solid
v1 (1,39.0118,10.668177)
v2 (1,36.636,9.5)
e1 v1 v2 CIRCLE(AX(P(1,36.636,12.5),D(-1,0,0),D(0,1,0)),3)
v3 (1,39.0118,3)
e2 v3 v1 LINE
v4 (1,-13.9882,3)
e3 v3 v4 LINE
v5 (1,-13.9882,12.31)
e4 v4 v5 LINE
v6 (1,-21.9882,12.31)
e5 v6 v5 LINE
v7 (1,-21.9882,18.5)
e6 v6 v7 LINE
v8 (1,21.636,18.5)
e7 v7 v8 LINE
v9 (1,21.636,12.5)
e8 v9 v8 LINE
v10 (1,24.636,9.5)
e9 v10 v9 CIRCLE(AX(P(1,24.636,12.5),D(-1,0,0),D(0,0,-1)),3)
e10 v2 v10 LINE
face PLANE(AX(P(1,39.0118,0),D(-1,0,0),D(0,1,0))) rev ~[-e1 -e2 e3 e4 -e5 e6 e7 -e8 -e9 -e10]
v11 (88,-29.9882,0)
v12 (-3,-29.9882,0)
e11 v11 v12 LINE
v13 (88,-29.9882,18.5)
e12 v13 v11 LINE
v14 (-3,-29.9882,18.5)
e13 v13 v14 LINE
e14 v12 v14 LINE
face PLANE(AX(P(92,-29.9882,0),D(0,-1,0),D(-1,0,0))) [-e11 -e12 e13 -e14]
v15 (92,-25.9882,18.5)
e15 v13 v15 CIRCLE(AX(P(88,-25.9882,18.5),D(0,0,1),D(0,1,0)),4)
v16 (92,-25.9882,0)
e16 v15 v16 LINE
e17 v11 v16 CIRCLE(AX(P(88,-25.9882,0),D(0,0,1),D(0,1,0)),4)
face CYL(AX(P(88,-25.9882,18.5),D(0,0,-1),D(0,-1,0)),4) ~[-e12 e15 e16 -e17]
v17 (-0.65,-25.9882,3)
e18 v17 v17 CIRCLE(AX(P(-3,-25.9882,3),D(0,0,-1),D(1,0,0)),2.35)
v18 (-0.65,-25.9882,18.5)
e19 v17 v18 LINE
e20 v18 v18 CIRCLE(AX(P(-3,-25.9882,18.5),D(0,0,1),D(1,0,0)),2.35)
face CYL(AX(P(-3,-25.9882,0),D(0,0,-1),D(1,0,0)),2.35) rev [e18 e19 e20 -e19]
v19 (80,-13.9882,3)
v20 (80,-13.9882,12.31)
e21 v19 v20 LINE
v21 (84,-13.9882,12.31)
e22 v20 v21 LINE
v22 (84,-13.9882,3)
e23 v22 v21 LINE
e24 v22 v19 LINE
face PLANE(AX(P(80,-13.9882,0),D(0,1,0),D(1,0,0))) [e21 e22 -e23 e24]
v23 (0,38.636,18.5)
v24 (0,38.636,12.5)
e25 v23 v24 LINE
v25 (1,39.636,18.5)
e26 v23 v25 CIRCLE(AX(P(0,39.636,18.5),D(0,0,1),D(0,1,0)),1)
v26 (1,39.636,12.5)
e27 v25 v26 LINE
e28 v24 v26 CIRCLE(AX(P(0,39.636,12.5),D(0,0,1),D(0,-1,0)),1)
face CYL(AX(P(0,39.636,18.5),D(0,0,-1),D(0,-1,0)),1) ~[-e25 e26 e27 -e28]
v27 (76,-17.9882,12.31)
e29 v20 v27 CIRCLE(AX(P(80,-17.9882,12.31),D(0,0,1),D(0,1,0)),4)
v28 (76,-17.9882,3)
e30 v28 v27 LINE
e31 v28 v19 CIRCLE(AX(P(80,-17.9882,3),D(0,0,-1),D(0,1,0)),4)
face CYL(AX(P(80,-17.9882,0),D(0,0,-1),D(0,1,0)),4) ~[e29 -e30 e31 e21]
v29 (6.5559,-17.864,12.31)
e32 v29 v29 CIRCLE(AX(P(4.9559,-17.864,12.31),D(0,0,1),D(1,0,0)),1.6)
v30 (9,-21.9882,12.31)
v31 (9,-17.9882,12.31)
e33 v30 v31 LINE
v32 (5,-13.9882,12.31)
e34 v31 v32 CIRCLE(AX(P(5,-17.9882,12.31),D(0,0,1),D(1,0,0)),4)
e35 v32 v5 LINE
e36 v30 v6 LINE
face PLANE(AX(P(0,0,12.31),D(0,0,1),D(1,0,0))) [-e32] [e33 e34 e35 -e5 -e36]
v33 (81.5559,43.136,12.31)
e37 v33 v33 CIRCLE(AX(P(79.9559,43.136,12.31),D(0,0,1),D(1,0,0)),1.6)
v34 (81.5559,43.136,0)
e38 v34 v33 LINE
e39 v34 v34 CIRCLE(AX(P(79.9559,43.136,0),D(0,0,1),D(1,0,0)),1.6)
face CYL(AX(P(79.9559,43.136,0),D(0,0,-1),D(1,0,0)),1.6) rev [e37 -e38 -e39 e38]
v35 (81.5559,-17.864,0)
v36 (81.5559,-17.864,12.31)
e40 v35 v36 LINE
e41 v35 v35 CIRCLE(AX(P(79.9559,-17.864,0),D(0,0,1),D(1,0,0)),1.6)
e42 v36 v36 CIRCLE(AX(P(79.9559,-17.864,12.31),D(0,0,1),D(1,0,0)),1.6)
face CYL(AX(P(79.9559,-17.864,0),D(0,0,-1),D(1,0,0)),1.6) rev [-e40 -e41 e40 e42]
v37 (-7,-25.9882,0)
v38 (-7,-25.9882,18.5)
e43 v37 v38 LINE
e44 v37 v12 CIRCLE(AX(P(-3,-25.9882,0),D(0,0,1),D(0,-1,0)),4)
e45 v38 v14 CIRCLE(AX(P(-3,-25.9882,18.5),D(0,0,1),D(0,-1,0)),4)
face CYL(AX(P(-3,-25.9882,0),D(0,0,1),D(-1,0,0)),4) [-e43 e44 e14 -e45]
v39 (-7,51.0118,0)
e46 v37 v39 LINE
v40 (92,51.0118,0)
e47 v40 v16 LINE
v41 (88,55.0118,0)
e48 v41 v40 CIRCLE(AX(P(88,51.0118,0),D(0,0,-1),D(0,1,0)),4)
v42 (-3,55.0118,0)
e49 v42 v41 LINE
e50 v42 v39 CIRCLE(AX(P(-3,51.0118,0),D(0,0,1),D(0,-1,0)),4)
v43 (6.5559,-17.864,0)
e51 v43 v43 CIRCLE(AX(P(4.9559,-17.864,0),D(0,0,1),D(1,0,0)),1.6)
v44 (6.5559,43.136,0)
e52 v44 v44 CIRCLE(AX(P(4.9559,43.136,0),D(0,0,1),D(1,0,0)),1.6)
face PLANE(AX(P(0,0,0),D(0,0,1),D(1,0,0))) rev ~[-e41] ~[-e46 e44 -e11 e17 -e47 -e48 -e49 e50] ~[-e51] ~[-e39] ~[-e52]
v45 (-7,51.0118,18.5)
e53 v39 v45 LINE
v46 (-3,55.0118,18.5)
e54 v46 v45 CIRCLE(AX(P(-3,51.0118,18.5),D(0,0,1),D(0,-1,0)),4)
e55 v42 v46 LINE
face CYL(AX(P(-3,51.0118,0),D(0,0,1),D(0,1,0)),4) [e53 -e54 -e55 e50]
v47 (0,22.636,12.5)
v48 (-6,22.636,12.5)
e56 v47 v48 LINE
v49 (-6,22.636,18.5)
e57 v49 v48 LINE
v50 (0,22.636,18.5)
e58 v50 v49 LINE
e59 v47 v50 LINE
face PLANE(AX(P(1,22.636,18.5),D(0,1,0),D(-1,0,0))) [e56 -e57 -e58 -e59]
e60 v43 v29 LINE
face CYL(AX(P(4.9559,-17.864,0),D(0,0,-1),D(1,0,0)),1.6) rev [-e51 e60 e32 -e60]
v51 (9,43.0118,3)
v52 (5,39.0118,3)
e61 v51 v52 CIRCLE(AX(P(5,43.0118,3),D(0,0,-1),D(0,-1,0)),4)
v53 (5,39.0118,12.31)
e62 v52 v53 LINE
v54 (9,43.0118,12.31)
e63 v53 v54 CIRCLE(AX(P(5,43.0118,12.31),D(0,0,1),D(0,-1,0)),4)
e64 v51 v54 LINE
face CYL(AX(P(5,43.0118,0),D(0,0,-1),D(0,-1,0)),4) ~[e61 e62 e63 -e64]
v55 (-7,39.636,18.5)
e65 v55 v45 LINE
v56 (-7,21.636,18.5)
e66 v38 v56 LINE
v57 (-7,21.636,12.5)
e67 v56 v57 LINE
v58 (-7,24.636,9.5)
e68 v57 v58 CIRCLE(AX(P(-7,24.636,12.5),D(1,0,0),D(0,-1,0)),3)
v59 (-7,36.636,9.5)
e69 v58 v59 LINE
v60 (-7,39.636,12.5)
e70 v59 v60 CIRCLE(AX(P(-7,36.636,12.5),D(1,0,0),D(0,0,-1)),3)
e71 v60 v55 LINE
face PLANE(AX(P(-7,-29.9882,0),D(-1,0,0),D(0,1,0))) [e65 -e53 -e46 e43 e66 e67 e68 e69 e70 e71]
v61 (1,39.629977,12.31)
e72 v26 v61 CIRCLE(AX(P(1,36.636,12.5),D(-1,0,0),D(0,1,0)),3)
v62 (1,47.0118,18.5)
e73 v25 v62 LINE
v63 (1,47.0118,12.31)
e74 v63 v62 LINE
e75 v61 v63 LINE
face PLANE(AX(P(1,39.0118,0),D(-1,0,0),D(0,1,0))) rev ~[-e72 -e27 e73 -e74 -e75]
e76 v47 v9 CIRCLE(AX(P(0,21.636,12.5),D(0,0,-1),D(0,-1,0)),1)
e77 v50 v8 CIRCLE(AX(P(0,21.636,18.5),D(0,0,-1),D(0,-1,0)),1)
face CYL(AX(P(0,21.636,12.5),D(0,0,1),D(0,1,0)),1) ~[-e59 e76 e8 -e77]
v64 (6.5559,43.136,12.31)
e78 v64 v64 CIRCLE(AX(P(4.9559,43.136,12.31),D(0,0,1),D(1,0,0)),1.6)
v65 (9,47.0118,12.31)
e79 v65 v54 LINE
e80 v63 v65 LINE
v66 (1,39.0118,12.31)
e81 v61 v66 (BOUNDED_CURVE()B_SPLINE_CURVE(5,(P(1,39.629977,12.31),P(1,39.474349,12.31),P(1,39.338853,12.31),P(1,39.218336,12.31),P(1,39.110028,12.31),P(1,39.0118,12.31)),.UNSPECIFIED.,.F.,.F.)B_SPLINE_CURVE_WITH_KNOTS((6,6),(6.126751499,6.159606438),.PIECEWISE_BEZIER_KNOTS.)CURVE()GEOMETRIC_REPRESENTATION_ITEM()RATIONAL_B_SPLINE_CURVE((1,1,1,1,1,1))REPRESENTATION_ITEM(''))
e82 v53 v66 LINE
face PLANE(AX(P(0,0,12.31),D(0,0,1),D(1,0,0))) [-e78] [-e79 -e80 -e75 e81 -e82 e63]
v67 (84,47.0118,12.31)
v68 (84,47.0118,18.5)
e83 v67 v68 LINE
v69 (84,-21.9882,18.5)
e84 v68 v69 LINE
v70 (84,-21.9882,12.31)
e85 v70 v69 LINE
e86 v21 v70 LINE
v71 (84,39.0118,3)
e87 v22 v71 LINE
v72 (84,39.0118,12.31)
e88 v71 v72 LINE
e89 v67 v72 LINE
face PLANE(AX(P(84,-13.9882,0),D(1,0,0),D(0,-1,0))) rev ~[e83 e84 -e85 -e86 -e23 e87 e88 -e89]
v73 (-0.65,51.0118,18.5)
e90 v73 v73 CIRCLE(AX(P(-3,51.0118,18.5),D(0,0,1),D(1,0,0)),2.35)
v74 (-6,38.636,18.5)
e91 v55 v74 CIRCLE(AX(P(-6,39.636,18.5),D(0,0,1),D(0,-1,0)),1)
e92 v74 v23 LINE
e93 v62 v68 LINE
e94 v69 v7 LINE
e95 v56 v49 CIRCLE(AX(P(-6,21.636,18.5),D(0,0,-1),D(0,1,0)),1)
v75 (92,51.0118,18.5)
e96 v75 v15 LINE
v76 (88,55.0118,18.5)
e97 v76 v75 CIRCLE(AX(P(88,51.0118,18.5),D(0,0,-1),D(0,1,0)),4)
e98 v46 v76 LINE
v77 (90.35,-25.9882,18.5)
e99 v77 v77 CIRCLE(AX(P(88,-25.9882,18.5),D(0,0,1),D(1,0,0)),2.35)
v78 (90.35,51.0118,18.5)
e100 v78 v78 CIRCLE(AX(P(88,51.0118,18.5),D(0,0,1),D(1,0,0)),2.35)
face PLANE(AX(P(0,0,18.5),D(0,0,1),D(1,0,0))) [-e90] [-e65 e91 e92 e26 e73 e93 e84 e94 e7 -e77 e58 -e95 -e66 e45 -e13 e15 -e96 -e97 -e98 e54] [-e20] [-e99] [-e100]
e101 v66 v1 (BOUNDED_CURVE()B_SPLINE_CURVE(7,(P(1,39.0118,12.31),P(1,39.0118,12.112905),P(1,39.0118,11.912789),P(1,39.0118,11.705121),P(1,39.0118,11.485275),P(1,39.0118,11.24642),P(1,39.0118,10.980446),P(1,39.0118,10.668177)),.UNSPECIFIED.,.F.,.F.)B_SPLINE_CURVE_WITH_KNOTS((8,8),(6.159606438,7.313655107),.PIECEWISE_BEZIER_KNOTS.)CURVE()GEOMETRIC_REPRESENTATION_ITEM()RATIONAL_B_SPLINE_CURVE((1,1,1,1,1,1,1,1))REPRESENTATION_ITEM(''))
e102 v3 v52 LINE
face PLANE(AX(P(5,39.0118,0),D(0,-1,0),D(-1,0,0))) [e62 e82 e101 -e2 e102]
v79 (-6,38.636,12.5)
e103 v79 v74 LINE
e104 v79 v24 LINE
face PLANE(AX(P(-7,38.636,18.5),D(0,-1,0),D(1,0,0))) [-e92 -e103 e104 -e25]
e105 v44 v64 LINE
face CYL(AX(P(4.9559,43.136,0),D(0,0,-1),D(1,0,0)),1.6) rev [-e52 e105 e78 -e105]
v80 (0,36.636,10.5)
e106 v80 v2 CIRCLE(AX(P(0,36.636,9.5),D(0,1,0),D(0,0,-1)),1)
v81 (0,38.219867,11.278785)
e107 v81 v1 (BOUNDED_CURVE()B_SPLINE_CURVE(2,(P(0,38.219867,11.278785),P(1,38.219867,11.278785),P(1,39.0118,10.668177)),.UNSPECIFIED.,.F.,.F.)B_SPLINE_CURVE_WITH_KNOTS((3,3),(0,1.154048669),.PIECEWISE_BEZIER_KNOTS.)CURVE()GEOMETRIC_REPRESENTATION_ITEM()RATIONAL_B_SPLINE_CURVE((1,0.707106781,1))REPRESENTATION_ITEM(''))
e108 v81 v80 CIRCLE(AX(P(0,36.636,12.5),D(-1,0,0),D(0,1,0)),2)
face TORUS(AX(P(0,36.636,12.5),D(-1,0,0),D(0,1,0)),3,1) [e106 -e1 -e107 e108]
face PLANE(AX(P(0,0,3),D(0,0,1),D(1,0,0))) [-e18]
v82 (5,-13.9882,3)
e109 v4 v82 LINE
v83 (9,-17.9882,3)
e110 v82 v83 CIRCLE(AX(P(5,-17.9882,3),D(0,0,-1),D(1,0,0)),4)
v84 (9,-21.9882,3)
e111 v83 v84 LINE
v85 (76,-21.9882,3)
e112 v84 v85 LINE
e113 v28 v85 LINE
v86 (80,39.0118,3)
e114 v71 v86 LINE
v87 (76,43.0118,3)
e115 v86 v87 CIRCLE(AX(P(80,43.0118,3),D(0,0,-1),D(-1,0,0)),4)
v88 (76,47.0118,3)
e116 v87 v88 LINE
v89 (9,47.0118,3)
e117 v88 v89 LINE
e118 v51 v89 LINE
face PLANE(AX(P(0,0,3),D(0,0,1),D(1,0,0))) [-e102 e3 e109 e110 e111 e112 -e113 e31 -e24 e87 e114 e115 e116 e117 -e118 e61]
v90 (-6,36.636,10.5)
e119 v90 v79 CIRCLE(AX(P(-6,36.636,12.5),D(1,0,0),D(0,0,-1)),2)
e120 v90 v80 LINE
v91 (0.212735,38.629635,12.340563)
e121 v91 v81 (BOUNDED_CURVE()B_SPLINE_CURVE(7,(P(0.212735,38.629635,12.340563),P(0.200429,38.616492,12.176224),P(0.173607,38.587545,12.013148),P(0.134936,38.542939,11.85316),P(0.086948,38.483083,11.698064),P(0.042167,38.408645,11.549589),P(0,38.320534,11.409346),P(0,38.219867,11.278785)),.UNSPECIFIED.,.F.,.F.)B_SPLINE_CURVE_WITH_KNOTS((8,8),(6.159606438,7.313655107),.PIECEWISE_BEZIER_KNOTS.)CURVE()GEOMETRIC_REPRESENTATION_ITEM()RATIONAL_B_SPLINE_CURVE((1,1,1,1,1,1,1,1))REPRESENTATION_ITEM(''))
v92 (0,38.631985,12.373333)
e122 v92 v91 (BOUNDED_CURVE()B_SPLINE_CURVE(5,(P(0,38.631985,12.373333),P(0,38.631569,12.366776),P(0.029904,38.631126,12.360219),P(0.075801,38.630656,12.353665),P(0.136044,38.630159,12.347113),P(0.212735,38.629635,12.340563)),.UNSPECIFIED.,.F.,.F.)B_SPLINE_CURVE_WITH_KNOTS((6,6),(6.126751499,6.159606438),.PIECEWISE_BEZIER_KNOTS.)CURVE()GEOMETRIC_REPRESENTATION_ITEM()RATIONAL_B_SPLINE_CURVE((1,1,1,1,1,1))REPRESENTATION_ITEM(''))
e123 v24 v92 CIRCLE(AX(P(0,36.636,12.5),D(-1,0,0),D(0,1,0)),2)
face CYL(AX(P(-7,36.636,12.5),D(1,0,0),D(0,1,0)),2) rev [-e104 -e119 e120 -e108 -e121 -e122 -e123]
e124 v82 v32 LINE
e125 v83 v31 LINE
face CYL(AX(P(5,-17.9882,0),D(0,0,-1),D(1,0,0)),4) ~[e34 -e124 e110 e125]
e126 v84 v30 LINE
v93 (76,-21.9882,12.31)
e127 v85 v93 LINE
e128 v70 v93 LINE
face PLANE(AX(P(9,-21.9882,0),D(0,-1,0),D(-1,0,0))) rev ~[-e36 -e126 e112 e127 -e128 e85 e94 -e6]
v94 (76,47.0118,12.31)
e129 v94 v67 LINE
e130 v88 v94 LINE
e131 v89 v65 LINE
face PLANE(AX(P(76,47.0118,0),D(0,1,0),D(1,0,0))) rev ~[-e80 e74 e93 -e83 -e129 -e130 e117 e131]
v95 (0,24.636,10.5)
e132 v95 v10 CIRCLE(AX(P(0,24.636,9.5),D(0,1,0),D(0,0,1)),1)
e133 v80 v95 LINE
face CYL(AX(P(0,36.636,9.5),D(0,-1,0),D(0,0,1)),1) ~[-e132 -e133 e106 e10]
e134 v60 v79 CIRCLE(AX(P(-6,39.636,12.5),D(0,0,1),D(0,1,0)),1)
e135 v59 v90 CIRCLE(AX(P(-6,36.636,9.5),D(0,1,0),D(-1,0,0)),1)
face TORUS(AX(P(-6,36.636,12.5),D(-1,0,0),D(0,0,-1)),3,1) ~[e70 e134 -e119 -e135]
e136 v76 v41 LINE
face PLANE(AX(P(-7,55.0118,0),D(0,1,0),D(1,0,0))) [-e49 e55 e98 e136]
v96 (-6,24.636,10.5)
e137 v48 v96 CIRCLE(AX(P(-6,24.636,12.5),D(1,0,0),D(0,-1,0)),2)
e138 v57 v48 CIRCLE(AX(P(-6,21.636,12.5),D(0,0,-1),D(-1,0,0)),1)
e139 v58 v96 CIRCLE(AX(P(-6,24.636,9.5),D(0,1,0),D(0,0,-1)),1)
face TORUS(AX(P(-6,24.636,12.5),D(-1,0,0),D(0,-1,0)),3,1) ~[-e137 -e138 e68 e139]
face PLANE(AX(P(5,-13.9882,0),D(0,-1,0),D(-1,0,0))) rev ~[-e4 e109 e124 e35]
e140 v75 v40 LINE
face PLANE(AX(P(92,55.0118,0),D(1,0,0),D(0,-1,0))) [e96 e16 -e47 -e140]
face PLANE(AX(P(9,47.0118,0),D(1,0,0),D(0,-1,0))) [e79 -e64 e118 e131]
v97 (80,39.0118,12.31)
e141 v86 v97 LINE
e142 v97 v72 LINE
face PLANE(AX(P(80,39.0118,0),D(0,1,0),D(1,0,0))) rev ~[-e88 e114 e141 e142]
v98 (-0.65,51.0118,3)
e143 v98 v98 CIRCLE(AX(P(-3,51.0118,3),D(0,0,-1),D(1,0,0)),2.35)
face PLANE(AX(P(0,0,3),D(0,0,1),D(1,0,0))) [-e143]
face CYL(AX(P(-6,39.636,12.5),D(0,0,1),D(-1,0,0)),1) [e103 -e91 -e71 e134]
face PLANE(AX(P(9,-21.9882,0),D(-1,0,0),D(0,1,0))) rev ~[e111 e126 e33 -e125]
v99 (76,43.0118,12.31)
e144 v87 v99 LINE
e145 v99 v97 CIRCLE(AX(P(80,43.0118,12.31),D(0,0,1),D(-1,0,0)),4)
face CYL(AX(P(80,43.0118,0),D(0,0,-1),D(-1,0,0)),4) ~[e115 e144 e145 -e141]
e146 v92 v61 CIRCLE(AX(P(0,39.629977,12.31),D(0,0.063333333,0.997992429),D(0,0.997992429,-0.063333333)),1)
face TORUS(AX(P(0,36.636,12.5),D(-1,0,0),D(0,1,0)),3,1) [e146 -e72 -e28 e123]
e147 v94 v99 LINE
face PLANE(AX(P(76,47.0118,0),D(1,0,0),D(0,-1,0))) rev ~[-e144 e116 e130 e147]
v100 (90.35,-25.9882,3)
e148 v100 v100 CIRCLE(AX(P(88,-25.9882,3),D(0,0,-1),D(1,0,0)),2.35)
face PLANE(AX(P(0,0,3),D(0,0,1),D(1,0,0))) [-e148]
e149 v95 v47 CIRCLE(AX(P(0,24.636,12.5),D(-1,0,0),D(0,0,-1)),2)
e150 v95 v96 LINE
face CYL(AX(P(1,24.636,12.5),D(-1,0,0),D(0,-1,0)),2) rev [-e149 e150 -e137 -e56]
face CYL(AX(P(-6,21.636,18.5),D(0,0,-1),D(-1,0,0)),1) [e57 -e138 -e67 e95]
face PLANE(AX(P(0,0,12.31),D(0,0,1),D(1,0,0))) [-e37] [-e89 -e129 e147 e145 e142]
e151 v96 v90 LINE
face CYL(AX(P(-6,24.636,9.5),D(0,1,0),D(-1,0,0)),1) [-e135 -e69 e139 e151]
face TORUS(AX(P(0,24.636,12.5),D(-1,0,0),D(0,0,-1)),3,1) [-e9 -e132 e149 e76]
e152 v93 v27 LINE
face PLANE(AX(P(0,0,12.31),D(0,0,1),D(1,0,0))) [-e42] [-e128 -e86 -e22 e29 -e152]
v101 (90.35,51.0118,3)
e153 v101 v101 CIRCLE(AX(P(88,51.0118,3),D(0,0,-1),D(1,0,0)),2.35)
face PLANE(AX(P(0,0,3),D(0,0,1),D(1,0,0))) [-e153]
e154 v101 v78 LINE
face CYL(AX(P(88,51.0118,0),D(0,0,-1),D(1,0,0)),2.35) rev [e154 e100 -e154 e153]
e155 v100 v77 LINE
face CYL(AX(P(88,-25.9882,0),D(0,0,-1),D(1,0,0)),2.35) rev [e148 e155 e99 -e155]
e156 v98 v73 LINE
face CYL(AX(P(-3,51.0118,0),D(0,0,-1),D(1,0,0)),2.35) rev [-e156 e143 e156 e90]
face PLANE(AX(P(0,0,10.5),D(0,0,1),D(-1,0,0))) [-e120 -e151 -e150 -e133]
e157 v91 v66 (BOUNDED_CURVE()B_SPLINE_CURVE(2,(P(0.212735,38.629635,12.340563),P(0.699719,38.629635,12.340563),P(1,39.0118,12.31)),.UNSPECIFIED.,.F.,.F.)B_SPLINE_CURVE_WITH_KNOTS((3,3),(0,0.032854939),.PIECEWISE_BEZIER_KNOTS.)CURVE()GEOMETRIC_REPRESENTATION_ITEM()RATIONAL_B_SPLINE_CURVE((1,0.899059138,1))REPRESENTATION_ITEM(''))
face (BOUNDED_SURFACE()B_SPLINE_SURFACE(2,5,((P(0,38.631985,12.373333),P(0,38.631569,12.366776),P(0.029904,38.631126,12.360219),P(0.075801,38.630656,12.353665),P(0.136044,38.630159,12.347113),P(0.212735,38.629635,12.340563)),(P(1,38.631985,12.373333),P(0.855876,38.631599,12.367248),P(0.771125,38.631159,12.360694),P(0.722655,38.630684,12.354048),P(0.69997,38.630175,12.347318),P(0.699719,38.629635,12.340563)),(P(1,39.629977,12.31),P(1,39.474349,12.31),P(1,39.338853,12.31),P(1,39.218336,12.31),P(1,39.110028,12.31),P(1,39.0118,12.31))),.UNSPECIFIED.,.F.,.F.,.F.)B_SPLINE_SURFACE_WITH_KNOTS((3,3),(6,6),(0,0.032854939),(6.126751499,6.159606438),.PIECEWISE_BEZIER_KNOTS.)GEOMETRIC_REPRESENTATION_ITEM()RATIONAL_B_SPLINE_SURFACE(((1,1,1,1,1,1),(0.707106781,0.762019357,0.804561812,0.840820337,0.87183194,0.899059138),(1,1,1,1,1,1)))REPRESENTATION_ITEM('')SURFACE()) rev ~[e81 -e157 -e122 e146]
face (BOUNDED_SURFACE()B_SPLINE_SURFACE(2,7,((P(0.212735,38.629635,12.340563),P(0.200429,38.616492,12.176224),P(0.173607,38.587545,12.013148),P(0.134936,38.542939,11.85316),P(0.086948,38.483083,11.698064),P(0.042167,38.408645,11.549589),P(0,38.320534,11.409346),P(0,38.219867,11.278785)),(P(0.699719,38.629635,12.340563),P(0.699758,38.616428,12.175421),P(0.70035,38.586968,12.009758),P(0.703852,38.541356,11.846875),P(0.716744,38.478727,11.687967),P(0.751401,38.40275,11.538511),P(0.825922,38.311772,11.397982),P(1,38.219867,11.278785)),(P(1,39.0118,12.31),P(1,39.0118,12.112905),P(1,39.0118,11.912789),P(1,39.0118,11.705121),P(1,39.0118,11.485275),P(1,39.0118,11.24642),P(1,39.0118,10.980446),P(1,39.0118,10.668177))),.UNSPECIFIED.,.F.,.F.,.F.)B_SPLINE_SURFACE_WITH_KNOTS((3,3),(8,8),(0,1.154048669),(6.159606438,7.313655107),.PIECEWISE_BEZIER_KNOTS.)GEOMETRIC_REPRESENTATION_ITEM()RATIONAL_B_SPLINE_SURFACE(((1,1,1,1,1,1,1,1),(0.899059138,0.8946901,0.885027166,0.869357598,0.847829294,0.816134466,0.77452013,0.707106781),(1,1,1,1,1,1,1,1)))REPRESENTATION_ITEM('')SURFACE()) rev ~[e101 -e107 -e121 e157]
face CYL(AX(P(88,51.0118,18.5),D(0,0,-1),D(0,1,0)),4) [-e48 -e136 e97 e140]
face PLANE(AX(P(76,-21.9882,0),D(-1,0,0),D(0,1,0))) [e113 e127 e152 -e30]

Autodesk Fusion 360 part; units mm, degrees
sketch "Sketch1" plane through (0, 0, 0) normal (0, 0, 1) x (1, 0, 0) in component "Hackpad Case"
  line L0 (1, 47.0118) -> (84, 47.0118)
  line L1 (84, 47.0118) -> (84, -21.9882)
  line L2 (84, -21.9882) -> (1, -21.9882)
  line L3 (1, -21.9882) -> (1, 47.0118)
  line L4 (-7, 55.0118) -> (92, 55.0118)
  line L5 (92, 55.0118) -> (92, -29.9882)
  line L6 (92, -29.9882) -> (-7, -29.9882)
  line L7 (-7, -29.9882) -> (-7, 55.0118)
  circle A0 centre (-3, 51.0118) radius 2.35
  circle A1 centre (88, 51.0118) radius 2.35
  circle A2 centre (-3, -25.9882) radius 2.35
  circle A3 centre (88, -25.9882) radius 2.35
  circle A4 centre (4.9559, 43.136) radius 1.6
  line L8 (1, 47.0118) -> (9, 47.0118)
  line L9 (9, 47.0118) -> (9, 43.0118)
  line L10 (5, 39.0118) -> (1, 39.0118)
  line L11 (1, 39.0118) -> (1, 47.0118)
  circle A5 centre (79.9559, 43.136) radius 1.6
  line L12 (84, 47.0118) -> (76, 47.0118)
  line L13 (76, 47.0118) -> (76, 43.0118)
  line L14 (80, 39.0118) -> (84, 39.0118)
  line L15 (84, 39.0118) -> (84, 47.0118)
  circle A6 centre (4.9559, -17.864) radius 1.6
  line L16 (1, -21.9882) -> (9, -21.9882)
  line L17 (9, -21.9882) -> (9, -17.9882)
  line L18 (5, -13.9882) -> (1, -13.9882)
  line L19 (1, -13.9882) -> (1, -21.9882)
  line L20 (84, -21.9882) -> (76, -21.9882)
  line L21 (76, -21.9882) -> (76, -17.9882)
  line L22 (80, -13.9882) -> (84, -13.9882)
  line L23 (84, -13.9882) -> (84, -21.9882)
  circle A7 centre (79.9559, -17.864) radius 1.6
  arc A8 (5, 39.0118) -> (9, 43.0118) centre (5, 43.0118) ccw
  arc A9 (76, 43.0118) -> (80, 39.0118) centre (80, 43.0118) ccw
  arc A10 (80, -13.9882) -> (76, -17.9882) centre (80, -17.9882) ccw
  arc A11 (9, -17.9882) -> (5, -13.9882) centre (5, -17.9882) ccw
  point P0 (9, 39.0118)
  point P1 (76, 39.0118)
  point P2 (9, -13.9882)
  point P3 (76, -13.9882)
  dimension "d1" = 83
  dimension "d2" = 69
  dimension "d3" = 8
  dimension "d4" = 8
  dimension "d5" = 8
  dimension "d6" = 8
  dimension "d7" = 4.7
  dimension "d8" = 4
  dimension "d9" = 4
  dimension "d10" = 4.7
  dimension "d11" = 4
  dimension "d12" = 4
  dimension "d13" = 4.7
  dimension "d14" = 4
  dimension "d15" = 4
  dimension "d16" = 4.7
  dimension "d17" = 4
  dimension "d18" = 4
  dimension "d22" = 3.2
  dimension "d25" = 8
  dimension "d26" = 8
  dimension "d27" = 3.2
  dimension "d28" = 8
  dimension "d29" = 8
  dimension "d32" = 3.2
  dimension "d33" = 8
  dimension "d34" = 8
  dimension "d37" = 8
  dimension "d38" = 8
  dimension "d39" = 3.2
  dimension "d62" = 61
  dimension "d63" = 75
  dimension "d64" = 75
  dimension "d65" = 61
  dimension "d66" = 4
  dimension "d67" = 4
  dimension "d68" = 4
  dimension "d69" = 4
extrude "Extrude1" add sketch "Sketch1" along normal blind 3 contours L0 L3 L8 L9 L10 L11 A8 | L0 L1 L2 L3 L9 L10 L13 L14 L17 L18 L21 L22 A8 A9 A10 A11 | L0 L1 L12 L13 L14 L15 A9 | L2 L3 L16 L17 L18 L19 A11 | L1 L2 L20 L21 L22 L23 A10 | L4 L5 L6 L7 | A0 | A1 | A2 | A3
extrude "Extrude2" add sketch "Sketch1" along normal blind 18.5 contours L4 L5 L6 L7
extrude "Extrude3" add sketch "Sketch1" along normal blind 12.31 contours L0 L3 L8 L9 L10 L11 A8 | L0 L1 L12 L13 L14 L15 A9 | L2 L3 L16 L17 L18 L19 A11 | L1 L2 L20 L21 L22 L23 A10
sketch "Sketch3" plane through (0, 0, 18.5) normal (0, 0, 1) x (-1, 0, 0)
  line L0 (-84, -47.0118) -> (-84, 21.9882)
  line L1 (-84, 21.9882) -> (-1, 21.9882)
  line L2 (-1, 21.9882) -> (-1, -47.0118)
  line L3 (-1, -47.0118) -> (-84, -47.0118)
  circle A0 centre (3, 25.9882) radius 2.35
  circle A1 centre (-88, 25.9882) radius 2.35
  circle A2 centre (-88, -51.0118) radius 2.35
  circle A3 centre (3, -51.0118) radius 2.35
  line L4 (7, 29.9882) -> (-92, 29.9882)
  line L5 (-92, 29.9882) -> (-92, -55.0118)
  line L6 (-92, -55.0118) -> (7, -55.0118)
  line L7 (7, -55.0118) -> (7, 29.9882)
  line L8 (7, -38.636) -> (-1, -38.636)
  line L9 (-1, -38.636) -> (-1, -22.636)
  line L10 (-1, -22.636) -> (7, -22.636)
  line L11 (7, -22.636) -> (7, -38.636)
  circle A4 centre (-4.9559, -43.136) radius 1.6
  circle A5 centre (-4.9559, 17.864) radius 1.6
  dimension "d78" = 4.5
  dimension "d79" = 40.5
extrude "Extrude4" cut sketch "Sketch3" against normal blind 8 contours L2 L7 L8 L9 L10 L11
fillet "Fillet2" radius 4 4 edges at (-7, -29.9882, 9.25) (92, -29.9882, 9.25) (92, 55.0118, 9.25) (-7, 55.0118, 9.25)
fillet "Fillet3" radius 2 2 edges at (-3, 22.636, 10.5) (-3, 38.636, 10.5)
fillet "Fillet4" radius 1 10 edges at (-7, 22.636, 15.5) (-7, 23.2217, 11.0858) (-7, 30.636, 10.5) (-7, 38.0502, 11.0858) (-7, 38.636, 15.5) (1, 38.636, 15.5) (1, 38.0502, 11.0858) (1, 30.636, 10.5) (1, 23.2217, 11.0858) (1, 22.636, 15.5)
component "Hackpad Case" placed x (1, 0, 0) y (0, 1, 0) z (0, 0, 1) at (0, 0, 0)
